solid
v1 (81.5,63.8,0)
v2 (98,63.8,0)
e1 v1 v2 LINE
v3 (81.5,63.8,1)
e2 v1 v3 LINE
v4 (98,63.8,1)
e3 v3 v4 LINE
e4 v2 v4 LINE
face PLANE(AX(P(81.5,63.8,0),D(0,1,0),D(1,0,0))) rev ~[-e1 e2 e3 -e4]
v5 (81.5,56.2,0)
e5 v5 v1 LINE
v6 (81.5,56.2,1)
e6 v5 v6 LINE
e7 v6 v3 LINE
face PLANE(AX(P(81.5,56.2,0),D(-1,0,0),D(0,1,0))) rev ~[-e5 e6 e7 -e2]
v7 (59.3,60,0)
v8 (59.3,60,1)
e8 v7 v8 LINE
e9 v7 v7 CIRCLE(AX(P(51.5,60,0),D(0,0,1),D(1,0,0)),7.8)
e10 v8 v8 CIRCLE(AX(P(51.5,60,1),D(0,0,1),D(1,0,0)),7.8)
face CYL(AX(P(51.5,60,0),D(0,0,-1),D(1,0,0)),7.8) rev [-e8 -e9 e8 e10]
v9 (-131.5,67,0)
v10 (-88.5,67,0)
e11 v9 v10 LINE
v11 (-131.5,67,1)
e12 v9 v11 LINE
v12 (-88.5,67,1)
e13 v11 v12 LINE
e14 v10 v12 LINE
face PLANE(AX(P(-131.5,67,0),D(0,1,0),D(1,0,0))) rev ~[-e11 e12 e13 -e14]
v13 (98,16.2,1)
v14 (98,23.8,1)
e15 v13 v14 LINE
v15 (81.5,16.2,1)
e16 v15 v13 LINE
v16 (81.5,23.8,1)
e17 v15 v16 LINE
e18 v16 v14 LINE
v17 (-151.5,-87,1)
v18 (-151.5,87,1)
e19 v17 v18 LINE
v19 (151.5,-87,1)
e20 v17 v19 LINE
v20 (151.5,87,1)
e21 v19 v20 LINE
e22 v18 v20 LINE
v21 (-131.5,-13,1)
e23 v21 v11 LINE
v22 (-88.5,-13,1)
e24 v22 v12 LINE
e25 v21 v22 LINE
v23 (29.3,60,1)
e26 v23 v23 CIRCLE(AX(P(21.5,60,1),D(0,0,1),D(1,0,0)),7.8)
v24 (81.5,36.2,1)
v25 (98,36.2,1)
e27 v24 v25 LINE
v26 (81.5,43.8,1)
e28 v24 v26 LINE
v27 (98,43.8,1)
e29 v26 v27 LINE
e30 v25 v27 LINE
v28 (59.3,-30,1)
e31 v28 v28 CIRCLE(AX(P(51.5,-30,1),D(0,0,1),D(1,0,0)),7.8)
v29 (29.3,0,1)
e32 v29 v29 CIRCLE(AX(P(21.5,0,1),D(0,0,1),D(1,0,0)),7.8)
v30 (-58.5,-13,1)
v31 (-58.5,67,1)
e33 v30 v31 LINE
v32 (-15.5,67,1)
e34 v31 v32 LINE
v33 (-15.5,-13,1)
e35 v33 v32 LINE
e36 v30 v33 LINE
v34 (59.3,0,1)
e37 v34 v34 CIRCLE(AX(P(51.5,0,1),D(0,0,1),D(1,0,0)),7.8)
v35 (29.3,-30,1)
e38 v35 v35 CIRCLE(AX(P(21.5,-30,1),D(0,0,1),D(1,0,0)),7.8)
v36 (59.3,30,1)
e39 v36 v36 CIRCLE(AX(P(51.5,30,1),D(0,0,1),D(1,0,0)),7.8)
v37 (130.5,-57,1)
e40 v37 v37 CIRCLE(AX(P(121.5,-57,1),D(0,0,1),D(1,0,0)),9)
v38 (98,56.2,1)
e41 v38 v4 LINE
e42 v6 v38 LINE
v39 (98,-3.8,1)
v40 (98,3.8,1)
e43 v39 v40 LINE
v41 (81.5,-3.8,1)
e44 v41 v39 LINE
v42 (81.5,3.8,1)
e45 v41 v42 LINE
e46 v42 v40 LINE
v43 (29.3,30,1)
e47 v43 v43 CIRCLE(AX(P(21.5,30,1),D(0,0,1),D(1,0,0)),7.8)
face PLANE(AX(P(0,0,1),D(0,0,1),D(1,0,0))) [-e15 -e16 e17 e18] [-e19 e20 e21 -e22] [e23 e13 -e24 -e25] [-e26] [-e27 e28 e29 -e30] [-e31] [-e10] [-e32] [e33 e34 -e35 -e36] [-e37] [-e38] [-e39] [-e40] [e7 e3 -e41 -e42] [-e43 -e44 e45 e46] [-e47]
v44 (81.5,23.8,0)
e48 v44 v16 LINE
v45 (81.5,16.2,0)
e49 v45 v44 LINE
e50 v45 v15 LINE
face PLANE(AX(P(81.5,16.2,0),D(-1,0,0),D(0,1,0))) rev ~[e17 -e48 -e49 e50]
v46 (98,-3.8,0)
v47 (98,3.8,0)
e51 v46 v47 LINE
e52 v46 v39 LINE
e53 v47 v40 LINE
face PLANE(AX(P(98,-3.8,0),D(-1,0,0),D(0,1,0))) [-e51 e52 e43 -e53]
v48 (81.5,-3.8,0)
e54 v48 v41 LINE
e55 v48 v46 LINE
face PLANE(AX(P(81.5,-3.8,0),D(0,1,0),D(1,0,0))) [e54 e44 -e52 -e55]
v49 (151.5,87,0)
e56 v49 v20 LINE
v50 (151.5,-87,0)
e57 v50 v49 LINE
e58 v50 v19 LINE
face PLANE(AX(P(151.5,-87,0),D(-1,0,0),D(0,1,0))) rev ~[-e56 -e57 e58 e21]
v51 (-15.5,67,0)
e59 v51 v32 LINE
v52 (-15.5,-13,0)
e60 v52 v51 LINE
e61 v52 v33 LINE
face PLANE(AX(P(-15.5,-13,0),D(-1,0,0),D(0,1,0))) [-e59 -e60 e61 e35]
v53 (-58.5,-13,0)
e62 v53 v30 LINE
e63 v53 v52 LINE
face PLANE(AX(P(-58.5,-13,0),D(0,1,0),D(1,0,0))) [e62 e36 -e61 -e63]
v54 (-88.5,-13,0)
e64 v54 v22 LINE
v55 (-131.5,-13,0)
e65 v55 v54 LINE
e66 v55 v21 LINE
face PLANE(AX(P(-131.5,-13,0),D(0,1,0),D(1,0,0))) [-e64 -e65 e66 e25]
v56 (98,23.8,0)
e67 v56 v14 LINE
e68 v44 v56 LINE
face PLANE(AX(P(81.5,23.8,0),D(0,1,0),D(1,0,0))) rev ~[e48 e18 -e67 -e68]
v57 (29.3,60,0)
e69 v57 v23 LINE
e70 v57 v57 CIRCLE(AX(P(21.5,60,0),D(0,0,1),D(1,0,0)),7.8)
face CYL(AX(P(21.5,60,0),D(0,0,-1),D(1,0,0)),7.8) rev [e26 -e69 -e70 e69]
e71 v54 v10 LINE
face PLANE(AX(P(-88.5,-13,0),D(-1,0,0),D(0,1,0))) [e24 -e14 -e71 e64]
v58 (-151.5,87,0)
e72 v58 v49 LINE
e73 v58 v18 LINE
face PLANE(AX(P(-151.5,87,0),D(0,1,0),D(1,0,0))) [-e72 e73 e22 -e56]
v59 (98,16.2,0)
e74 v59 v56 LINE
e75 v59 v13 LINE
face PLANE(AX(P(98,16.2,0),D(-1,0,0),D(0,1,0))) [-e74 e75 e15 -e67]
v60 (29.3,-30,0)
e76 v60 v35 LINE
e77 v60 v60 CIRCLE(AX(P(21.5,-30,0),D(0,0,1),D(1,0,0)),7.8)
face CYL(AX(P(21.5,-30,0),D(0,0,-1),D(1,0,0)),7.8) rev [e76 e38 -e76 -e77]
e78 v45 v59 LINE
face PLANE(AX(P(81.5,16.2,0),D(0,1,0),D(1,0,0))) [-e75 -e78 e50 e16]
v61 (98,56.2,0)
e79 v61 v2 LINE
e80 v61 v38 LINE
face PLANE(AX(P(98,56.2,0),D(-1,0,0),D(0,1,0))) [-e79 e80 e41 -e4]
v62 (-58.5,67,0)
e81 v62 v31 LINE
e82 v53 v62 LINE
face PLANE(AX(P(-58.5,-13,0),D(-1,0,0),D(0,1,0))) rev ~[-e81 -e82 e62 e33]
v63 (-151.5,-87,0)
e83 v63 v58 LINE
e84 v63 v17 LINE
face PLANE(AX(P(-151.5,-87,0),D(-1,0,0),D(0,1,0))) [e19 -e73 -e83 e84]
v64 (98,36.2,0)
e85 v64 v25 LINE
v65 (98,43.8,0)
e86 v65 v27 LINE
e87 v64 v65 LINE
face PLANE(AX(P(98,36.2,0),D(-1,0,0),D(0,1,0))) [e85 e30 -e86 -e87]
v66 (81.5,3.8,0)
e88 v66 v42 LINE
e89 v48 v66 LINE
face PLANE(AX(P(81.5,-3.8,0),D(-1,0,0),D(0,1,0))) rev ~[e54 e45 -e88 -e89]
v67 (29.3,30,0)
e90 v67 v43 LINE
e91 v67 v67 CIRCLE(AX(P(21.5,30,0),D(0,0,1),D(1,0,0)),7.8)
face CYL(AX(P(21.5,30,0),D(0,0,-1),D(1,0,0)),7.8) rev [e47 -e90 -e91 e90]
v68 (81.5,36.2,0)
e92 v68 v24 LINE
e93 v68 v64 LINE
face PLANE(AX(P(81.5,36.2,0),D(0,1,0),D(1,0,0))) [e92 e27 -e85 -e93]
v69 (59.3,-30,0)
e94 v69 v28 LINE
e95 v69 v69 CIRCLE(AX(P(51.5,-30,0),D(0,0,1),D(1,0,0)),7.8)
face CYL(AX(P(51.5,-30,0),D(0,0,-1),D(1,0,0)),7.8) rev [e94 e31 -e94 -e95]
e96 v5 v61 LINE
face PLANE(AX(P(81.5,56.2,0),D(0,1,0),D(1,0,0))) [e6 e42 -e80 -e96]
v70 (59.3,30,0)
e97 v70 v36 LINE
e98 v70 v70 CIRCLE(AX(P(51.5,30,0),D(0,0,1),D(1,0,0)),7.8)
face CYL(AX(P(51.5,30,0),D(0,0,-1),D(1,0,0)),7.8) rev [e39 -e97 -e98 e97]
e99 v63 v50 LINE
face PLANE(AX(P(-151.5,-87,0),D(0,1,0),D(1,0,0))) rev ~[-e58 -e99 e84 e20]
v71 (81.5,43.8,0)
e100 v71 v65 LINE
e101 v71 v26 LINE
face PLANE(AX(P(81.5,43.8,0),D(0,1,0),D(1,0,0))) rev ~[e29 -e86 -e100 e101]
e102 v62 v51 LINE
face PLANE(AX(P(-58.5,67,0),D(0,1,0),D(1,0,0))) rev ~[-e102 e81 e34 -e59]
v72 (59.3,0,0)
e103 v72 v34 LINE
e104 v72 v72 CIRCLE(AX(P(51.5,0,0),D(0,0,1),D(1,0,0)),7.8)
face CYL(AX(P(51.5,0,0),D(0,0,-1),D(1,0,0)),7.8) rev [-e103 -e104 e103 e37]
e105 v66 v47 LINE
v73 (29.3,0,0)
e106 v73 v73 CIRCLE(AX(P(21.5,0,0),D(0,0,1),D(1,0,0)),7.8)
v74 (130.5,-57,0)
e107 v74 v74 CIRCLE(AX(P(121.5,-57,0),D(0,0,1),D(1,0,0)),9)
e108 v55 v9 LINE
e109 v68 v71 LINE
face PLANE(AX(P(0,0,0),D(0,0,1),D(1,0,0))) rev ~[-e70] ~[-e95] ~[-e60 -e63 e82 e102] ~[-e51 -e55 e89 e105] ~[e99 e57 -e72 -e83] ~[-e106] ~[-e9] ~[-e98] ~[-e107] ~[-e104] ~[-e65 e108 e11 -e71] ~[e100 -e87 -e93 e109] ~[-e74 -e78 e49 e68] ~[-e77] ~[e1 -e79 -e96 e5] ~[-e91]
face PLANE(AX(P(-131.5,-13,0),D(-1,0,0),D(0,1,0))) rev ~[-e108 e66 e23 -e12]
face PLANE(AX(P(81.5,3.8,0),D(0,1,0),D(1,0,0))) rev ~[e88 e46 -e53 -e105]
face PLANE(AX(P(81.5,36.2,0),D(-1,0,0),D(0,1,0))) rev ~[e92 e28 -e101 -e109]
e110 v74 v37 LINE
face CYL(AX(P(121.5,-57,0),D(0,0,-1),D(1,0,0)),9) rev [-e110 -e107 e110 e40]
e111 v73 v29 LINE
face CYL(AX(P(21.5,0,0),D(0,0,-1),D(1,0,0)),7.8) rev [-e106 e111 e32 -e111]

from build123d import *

# Parameters (mm, degrees)
F0_W     = 303
F0_H     = 174
F0_R     = 9
F0_R_2   = 7.8
F0_W_2   = 43
F0_H_2   = 80
F0_W_3   = 16.5
F0_H_3   = 7.6
F1_DEPTH = 1


with BuildPart() as f1:
    # F0 (on Top) → F1 (new body)
    with BuildSketch(Plane.XY):
        Rectangle(F0_W, F0_H)
        with Locations((121.5, -57)):
            Circle(F0_R, mode=Mode.SUBTRACT)
        with Locations((21.5, -30)):
            Circle(F0_R_2, mode=Mode.SUBTRACT)
        with Locations((51.5, -30)):
            Circle(F0_R_2, mode=Mode.SUBTRACT)
        with Locations((-110, 27)):
            Rectangle(F0_W_2, F0_H_2, mode=Mode.SUBTRACT)
        with Locations((-37, 27)):
            Rectangle(F0_W_2, F0_H_2, mode=Mode.SUBTRACT)
        with Locations((21.5, 0)):
            Circle(F0_R_2, mode=Mode.SUBTRACT)
        with Locations((51.5, 0)):
            Circle(F0_R_2, mode=Mode.SUBTRACT)
        with Locations((21.5, 30)):
            Circle(F0_R_2, mode=Mode.SUBTRACT)
        with Locations((51.5, 30)):
            Circle(F0_R_2, mode=Mode.SUBTRACT)
        with Locations((89.75, 0)):
            Rectangle(F0_W_3, F0_H_3, mode=Mode.SUBTRACT)
        with Locations((89.75, 20)):
            Rectangle(F0_W_3, F0_H_3, mode=Mode.SUBTRACT)
        with Locations((89.75, 40)):
            Rectangle(F0_W_3, F0_H_3, mode=Mode.SUBTRACT)
        with Locations((21.5, 60)):
            Circle(F0_R_2, mode=Mode.SUBTRACT)
        with Locations((51.5, 60)):
            Circle(F0_R_2, mode=Mode.SUBTRACT)
        with Locations((89.75, 60)):
            Rectangle(F0_W_3, F0_H_3, mode=Mode.SUBTRACT)
    extrude(amount=F1_DEPTH)


solid = f1.part
